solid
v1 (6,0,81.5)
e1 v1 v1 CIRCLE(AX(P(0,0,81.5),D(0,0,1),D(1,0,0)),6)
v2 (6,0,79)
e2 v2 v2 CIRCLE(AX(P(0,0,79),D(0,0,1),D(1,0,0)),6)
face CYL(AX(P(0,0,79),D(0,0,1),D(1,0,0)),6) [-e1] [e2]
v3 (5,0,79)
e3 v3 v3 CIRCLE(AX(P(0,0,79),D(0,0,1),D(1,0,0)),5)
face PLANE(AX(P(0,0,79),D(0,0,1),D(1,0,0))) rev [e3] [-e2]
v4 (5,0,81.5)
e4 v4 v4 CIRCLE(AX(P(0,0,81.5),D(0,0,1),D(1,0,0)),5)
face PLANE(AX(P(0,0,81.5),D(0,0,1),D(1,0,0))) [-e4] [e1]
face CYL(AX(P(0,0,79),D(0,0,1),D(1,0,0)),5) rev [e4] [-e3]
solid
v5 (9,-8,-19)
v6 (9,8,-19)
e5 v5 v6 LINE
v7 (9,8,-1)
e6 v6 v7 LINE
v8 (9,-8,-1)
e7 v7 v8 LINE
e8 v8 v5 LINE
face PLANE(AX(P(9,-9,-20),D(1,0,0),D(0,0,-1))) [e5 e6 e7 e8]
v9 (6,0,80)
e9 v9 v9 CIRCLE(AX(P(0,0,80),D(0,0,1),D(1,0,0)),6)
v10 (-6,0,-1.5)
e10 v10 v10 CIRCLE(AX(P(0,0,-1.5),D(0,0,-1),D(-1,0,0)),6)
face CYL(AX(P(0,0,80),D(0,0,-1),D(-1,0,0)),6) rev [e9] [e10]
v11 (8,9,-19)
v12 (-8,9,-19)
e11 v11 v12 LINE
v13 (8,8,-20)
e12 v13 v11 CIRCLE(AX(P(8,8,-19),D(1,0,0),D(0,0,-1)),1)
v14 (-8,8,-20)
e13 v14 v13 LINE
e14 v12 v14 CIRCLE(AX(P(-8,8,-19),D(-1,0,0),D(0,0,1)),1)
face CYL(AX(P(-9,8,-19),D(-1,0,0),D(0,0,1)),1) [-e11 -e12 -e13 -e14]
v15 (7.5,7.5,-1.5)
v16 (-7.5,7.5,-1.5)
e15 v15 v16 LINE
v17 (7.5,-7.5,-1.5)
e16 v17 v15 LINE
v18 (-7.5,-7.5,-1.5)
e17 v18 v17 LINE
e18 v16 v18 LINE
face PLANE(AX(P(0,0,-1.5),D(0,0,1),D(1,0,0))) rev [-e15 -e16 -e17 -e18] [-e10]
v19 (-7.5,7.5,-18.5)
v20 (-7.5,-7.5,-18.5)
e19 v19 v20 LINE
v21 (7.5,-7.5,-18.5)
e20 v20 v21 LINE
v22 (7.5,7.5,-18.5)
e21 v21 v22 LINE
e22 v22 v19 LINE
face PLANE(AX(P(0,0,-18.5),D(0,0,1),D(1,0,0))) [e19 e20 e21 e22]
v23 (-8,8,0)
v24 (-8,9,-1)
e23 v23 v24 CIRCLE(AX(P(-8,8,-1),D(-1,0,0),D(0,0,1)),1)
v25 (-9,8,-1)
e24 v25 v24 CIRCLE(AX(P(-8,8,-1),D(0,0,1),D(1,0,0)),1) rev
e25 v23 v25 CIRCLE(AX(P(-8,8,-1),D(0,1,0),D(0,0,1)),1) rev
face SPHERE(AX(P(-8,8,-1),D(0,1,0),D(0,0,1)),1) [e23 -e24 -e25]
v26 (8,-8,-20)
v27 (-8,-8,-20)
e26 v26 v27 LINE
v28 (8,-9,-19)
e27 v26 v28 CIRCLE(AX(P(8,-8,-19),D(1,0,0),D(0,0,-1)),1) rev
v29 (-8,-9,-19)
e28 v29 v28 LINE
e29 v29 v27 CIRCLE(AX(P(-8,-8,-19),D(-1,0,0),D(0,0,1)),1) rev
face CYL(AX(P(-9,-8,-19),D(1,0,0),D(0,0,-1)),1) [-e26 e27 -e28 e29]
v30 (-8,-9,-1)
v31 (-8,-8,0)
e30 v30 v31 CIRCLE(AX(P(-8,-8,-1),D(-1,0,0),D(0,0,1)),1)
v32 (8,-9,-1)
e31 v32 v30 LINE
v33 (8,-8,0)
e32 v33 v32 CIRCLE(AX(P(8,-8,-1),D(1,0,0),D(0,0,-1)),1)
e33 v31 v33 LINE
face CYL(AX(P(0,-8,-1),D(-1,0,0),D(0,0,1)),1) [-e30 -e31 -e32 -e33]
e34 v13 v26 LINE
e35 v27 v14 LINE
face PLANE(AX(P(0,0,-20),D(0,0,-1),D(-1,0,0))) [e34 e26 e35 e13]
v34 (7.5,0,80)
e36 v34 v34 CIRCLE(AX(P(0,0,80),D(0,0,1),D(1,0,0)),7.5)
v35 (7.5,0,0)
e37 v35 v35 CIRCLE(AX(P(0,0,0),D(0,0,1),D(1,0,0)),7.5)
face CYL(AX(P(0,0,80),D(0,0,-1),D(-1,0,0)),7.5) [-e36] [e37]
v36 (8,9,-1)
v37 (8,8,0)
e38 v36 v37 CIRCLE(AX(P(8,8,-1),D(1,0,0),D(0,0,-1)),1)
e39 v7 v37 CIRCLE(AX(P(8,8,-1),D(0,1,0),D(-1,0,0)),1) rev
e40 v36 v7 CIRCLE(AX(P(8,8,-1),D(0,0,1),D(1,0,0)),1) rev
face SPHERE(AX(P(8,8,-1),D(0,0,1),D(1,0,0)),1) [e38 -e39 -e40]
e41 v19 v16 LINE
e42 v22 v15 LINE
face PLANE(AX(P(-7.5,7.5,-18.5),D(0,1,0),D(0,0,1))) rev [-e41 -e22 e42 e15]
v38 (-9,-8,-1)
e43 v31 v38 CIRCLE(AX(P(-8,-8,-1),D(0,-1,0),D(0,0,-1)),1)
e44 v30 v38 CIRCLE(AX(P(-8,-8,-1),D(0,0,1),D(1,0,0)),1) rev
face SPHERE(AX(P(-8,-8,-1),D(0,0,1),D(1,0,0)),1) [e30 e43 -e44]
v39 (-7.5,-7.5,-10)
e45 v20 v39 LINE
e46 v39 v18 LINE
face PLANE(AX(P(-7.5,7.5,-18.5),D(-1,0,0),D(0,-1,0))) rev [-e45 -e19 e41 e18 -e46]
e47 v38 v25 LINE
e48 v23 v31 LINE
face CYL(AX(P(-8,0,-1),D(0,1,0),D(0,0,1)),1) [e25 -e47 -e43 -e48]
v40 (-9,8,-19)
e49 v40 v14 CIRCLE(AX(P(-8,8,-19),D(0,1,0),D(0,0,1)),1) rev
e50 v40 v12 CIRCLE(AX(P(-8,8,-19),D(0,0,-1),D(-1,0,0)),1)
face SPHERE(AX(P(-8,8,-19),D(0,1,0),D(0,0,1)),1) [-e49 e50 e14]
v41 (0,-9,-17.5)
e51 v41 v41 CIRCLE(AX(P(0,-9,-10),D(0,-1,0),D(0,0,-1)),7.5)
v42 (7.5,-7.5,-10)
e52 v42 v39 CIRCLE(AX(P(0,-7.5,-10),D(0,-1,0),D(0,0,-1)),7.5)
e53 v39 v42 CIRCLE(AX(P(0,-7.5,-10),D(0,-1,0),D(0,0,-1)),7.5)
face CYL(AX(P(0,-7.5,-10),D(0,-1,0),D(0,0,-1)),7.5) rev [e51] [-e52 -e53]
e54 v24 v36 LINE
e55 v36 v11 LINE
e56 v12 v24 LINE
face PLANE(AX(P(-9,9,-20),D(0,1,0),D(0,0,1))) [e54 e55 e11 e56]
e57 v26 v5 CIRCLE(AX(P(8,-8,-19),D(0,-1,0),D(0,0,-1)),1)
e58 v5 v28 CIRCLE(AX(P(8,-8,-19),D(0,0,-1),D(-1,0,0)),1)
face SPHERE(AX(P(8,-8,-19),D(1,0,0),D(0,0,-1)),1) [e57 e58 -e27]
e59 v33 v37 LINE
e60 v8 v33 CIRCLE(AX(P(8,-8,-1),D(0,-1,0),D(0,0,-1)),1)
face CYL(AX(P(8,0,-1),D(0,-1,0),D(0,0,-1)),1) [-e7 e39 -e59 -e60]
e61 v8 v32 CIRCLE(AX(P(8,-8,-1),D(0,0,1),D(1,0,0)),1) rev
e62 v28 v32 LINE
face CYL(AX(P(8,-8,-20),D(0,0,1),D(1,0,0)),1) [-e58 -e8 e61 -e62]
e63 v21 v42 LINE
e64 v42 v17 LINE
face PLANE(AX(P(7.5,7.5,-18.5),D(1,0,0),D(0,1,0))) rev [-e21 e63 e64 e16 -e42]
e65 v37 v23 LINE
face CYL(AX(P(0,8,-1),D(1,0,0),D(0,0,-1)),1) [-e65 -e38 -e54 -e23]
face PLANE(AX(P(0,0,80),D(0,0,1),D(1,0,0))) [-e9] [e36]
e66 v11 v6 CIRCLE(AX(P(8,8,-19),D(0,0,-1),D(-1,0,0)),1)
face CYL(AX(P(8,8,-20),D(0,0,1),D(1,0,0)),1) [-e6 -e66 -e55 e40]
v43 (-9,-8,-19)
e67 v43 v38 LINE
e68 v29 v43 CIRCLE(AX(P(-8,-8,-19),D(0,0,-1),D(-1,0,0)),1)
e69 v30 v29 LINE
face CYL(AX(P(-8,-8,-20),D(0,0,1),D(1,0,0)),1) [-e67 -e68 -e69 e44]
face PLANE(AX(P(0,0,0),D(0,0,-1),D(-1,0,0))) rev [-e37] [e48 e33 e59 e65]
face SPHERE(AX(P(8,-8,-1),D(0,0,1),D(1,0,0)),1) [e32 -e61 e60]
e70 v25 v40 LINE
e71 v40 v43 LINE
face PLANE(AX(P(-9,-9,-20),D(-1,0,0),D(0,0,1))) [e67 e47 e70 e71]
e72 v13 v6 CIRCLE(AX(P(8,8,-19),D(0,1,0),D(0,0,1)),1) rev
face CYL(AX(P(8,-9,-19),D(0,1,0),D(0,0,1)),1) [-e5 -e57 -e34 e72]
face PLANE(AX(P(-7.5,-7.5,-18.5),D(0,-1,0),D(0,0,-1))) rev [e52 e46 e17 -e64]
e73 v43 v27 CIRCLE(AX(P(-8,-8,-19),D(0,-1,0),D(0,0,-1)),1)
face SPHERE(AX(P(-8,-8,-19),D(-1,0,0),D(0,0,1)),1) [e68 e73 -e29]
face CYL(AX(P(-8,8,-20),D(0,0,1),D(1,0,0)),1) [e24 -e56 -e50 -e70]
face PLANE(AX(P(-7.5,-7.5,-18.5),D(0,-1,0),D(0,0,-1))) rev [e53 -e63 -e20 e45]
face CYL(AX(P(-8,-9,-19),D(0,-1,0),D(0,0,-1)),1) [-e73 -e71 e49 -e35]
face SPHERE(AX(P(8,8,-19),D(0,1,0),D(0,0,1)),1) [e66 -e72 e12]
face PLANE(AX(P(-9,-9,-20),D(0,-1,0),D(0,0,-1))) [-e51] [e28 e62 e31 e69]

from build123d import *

# Parameters (mm, degrees)
SKETCH_1_R            = 7.5
EXTRUDE_1_DEPTH       = 80
SHELL_3_T             = -1.5
SKETCH_18_W           = 18
SKETCH_18_H           = 18
EXTRUDE_10_DEPTH      = 20
SKETCH_19_W           = 15
SKETCH_19_H           = 15
CUT_EXTRUDE_5_DEPTH   = 17
SKETCH_22_R           = 7.5
CUT_EXTRUDE_7_DEPTH   = 1.5
SKETCH_4_R            = 6
SKETCH_4_R_2          = 5
EXTRUDE_11_DEPTH      = 1.5
EXTRUDE_11_DEPTH_BACK = 1
SKETCH_23_R           = 6
CUT_EXTRUDE_8_DEPTH   = 3
FILLET_2_R            = 1


with BuildPart() as part:
    # 草图1 → 凸台-拉伸1 (new body)
    with BuildSketch(Plane.XY):
        Circle(SKETCH_1_R)
    extrude(amount=EXTRUDE_1_DEPTH)

    # 抽壳3
    shell_3_openings = [part.faces().sort_by_distance(p)[0] for p in [
        (0, 0, 80),
        (0, 0, 0),
    ]]
    offset(amount=SHELL_3_T, openings=shell_3_openings, kind=Kind.INTERSECTION)

    # 草图18 → 凸台-拉伸10 (add)
    with BuildSketch(Plane.XY):
        Rectangle(SKETCH_18_W, SKETCH_18_H)
    extrude(amount=-EXTRUDE_10_DEPTH)

    # 草图19 → 切除-拉伸5 (cut)
    with BuildSketch(Plane.XY.offset(-1.5)):
        Rectangle(SKETCH_19_W, SKETCH_19_H)
    extrude(amount=-CUT_EXTRUDE_5_DEPTH, mode=Mode.SUBTRACT)

    # 草图22 → 切除-拉伸7 (cut)
    with BuildSketch(Plane(origin=(0, -9, 0), x_dir=(-1, 0, 0), z_dir=(0, -1, 0))):
        with Locations(Location((0, 10, 0), (0, 0, 90))):
            Circle(SKETCH_22_R)
    extrude(amount=-CUT_EXTRUDE_7_DEPTH, mode=Mode.SUBTRACT)

    # 草图23 → 切除-拉伸8 (cut)
    with BuildSketch(Plane(origin=(0, 0, -1.5), x_dir=(-1, 0, 0), z_dir=(0, 0, -1))):
        with Locations(Location((0, 0, 0), (0, 0, 180))):
            Circle(SKETCH_23_R)
    extrude(amount=-CUT_EXTRUDE_8_DEPTH, mode=Mode.SUBTRACT)

    # 圆角2
    fillet_2_edges = [part.edges().sort_by_distance(p)[0] for p in [
        (9, 0, -20),
        (9, 9, -10),
        (0, -9, -20),
        (9, -9, -10),
        (-9, 0, -20),
        (-9, -9, -10),
        (0, 9, -20),
        (-9, 9, -10),
        (9, 0, 0),
        (0, 9, 0),
        (-9, 0, 0),
        (0, -9, 0),
    ]]
    fillet(fillet_2_edges, radius=FILLET_2_R)


with BuildPart() as body_2:
    # 草图4 → 凸台-拉伸11 (new, two sides)
    with BuildSketch(Plane.XY.offset(80)) as extrude_11_sk:
        Circle(SKETCH_4_R)
        Circle(SKETCH_4_R_2, mode=Mode.SUBTRACT)
    extrude(amount=EXTRUDE_11_DEPTH)
    extrude(extrude_11_sk.sketch, amount=-EXTRUDE_11_DEPTH_BACK)


solid = Compound([part.part, body_2.part])
